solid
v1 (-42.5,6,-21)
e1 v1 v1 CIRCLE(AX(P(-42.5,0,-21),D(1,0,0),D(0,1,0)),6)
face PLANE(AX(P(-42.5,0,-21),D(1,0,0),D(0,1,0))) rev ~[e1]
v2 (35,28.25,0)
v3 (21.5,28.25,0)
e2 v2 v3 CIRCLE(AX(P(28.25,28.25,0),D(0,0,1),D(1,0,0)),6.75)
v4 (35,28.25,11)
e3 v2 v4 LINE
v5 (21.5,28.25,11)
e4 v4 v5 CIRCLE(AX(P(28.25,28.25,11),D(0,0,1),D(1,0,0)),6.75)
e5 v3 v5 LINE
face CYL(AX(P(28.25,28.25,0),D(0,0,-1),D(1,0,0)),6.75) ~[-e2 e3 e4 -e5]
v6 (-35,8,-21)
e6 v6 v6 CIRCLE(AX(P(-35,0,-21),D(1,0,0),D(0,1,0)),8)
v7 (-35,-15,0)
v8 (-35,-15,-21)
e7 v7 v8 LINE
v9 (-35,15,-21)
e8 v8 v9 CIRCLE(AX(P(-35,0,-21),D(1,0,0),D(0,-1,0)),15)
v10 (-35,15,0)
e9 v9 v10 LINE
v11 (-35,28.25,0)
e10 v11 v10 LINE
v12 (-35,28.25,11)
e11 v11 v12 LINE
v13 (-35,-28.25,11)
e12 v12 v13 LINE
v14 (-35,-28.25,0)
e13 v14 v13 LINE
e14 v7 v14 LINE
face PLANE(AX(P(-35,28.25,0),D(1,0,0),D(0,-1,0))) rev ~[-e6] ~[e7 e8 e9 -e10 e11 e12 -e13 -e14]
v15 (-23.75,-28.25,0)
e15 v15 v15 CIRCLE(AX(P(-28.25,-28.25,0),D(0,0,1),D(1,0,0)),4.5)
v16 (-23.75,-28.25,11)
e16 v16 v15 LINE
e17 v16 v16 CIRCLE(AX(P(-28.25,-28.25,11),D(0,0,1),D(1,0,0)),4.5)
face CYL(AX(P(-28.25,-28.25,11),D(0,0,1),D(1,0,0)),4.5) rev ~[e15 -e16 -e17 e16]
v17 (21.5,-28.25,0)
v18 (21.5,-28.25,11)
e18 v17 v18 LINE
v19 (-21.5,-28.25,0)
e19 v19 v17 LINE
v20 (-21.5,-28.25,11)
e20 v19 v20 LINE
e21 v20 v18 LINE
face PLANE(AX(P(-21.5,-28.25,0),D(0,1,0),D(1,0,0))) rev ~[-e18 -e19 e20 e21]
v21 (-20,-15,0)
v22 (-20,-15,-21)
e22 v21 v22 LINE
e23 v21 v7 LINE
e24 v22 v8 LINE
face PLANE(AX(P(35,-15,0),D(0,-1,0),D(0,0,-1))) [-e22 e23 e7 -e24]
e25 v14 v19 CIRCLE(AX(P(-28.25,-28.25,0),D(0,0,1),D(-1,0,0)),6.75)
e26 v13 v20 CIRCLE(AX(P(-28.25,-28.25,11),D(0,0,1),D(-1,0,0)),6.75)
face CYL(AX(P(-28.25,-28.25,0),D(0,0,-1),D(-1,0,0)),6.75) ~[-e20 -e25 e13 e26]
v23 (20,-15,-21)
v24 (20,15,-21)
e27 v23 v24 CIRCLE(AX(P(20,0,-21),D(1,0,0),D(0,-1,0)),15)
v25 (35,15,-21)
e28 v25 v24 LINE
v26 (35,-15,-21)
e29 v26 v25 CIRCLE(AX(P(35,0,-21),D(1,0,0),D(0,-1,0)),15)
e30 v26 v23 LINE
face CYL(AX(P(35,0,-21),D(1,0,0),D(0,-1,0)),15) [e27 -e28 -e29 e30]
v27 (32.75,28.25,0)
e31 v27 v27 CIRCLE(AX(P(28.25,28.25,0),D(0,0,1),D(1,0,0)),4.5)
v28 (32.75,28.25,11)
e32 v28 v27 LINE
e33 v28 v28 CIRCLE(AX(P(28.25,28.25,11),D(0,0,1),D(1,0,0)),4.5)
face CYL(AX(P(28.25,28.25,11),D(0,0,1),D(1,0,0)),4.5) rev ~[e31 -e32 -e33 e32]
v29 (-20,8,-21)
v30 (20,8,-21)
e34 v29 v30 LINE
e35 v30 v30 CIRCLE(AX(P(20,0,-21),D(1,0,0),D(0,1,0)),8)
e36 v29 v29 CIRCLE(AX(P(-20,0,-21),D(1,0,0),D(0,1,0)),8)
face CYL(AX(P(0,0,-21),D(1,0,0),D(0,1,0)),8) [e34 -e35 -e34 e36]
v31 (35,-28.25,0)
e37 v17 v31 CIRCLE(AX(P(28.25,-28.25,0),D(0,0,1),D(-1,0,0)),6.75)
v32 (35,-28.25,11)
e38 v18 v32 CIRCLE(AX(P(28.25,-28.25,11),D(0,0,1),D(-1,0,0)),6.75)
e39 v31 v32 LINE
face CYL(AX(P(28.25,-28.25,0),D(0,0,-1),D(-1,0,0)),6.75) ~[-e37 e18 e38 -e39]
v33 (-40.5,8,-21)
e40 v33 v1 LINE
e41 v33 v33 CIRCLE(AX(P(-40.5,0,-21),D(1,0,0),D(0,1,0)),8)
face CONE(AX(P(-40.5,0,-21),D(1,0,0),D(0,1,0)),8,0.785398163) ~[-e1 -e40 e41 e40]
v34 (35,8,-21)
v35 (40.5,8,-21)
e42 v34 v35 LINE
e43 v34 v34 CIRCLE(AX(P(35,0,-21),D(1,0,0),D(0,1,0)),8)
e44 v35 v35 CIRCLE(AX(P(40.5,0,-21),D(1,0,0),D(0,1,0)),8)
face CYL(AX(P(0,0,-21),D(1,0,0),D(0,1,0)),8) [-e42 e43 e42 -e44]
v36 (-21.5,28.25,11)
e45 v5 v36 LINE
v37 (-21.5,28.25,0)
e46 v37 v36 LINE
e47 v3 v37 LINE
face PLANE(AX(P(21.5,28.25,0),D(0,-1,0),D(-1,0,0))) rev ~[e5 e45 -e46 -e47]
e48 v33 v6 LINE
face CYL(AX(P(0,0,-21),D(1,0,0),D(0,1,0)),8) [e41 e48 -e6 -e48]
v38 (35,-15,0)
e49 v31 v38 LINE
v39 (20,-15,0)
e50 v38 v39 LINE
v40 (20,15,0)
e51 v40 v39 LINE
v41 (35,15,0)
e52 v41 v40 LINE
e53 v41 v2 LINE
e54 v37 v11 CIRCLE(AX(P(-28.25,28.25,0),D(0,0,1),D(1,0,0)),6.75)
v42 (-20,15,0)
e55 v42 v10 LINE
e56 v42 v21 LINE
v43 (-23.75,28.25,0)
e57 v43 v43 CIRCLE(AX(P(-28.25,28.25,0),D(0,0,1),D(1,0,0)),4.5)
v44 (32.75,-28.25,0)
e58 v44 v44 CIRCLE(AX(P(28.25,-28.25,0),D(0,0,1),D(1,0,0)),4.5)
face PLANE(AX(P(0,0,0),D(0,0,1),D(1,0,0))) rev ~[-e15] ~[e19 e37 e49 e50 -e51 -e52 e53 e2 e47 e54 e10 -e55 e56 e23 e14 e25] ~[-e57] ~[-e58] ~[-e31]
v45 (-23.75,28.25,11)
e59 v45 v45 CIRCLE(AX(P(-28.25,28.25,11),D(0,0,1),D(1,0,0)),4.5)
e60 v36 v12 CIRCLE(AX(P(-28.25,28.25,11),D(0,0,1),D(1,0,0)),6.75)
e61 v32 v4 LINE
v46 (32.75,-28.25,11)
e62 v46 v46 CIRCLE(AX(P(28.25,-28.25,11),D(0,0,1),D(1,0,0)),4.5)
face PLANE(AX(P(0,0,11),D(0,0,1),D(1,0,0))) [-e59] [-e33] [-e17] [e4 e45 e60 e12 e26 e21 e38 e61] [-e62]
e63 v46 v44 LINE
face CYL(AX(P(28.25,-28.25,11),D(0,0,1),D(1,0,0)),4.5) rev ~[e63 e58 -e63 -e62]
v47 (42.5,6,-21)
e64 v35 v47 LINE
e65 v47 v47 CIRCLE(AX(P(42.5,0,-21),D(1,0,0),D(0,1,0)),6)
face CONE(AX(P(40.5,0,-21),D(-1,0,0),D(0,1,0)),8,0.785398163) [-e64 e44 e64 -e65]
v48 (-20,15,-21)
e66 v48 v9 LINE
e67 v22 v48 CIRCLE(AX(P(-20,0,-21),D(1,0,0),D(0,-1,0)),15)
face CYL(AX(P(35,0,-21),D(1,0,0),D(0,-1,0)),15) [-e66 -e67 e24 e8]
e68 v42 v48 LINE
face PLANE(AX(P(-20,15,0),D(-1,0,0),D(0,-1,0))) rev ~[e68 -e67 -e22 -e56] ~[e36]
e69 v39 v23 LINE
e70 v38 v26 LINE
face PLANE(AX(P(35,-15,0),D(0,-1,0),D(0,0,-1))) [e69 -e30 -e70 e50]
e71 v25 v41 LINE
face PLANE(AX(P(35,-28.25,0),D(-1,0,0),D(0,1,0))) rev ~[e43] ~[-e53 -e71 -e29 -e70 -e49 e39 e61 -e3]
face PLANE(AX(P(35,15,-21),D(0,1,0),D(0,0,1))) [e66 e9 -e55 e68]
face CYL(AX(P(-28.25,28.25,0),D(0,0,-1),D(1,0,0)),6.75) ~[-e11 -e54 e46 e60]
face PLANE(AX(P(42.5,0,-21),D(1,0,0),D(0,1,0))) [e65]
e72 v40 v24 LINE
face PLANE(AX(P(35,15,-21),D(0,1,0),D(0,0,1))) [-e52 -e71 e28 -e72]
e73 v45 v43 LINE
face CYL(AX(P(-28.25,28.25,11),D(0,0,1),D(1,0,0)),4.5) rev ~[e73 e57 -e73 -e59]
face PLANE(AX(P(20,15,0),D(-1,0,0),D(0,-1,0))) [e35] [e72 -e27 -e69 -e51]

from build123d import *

# Parameters (mm, degrees)
F1_DEPTH  = 11
F2_R      = 4.5
F3_DEPTH  = 11
F5_R      = 8
F6_DEPTH  = 70
F7_W      = 40
F7_H      = 30
F8_DEPTH  = 36.001
F9_R      = 8
F10_DEPTH = 42.5
F11_SIZE  = 2


with BuildPart() as f1:
    # F0 (on Top) → F1 (new body)
    with BuildSketch(Plane.XY):
        with BuildLine():
            Line((21.5, 28.25), (-21.5, 28.25))
            ThreePointArc((-21.5, 28.25), (-28.25, 35), (-35, 28.25))
            Line((-35, 28.25), (-35, -28.25))
            ThreePointArc((-35, -28.25), (-28.25, -35), (-21.5, -28.25))
            Line((-21.5, -28.25), (21.5, -28.25))
            ThreePointArc((21.5, -28.25), (28.25, -35), (35, -28.25))
            Line((35, -28.25), (35, 28.25))
            ThreePointArc((35, 28.25), (28.25, 35), (21.5, 28.25))
        make_face()
    extrude(amount=F1_DEPTH)

    # F2 (on face) → F3 (cut, through all)
    with BuildSketch(Plane.XY.offset(11)):
        with Locations((-28.25, 28.25)):
            Circle(F2_R)
        with Locations((28.25, 28.25)):
            Circle(F2_R)
        with Locations((28.25, -28.25)):
            Circle(F2_R)
        with Locations((-28.25, -28.25)):
            Circle(F2_R)
    extrude(amount=-F3_DEPTH, mode=Mode.SUBTRACT)

    # F5 (on offset) → F6 (join, through all)
    with BuildSketch(Plane.YZ.offset(35)):
        with BuildLine():
            Line((15, -21), (15, 0))
            Line((15, 0), (-15, 0))
            Line((-15, 0), (-15, -21))
            ThreePointArc((-15, -21), (0, -36), (15, -21))
        make_face()
        with Locations((0, -21)):
            Circle(F5_R, mode=Mode.SUBTRACT)
    extrude(amount=-F6_DEPTH)

    # F7 (on face) → F8 (cut, through all)
    with BuildSketch(Plane(origin=(0, 0, 0), x_dir=(1, 0, 0), z_dir=(0, 0, -1))):
        Rectangle(F7_W, F7_H)
    extrude(amount=F8_DEPTH, mode=Mode.SUBTRACT)

    # F9 (on Right) → F10 (join, symmetric)
    with BuildSketch(Plane.YZ):
        with Locations((0, -21)):
            Circle(F9_R)
    extrude(amount=F10_DEPTH, both=True)

    # F11
    f11_edges = [f1.edges().sort_by_distance(p)[0] for p in [
        (42.5, -8, -21),
        (-42.5, -8, -21),
    ]]
    chamfer(f11_edges, length=F11_SIZE)


solid = f1.part
